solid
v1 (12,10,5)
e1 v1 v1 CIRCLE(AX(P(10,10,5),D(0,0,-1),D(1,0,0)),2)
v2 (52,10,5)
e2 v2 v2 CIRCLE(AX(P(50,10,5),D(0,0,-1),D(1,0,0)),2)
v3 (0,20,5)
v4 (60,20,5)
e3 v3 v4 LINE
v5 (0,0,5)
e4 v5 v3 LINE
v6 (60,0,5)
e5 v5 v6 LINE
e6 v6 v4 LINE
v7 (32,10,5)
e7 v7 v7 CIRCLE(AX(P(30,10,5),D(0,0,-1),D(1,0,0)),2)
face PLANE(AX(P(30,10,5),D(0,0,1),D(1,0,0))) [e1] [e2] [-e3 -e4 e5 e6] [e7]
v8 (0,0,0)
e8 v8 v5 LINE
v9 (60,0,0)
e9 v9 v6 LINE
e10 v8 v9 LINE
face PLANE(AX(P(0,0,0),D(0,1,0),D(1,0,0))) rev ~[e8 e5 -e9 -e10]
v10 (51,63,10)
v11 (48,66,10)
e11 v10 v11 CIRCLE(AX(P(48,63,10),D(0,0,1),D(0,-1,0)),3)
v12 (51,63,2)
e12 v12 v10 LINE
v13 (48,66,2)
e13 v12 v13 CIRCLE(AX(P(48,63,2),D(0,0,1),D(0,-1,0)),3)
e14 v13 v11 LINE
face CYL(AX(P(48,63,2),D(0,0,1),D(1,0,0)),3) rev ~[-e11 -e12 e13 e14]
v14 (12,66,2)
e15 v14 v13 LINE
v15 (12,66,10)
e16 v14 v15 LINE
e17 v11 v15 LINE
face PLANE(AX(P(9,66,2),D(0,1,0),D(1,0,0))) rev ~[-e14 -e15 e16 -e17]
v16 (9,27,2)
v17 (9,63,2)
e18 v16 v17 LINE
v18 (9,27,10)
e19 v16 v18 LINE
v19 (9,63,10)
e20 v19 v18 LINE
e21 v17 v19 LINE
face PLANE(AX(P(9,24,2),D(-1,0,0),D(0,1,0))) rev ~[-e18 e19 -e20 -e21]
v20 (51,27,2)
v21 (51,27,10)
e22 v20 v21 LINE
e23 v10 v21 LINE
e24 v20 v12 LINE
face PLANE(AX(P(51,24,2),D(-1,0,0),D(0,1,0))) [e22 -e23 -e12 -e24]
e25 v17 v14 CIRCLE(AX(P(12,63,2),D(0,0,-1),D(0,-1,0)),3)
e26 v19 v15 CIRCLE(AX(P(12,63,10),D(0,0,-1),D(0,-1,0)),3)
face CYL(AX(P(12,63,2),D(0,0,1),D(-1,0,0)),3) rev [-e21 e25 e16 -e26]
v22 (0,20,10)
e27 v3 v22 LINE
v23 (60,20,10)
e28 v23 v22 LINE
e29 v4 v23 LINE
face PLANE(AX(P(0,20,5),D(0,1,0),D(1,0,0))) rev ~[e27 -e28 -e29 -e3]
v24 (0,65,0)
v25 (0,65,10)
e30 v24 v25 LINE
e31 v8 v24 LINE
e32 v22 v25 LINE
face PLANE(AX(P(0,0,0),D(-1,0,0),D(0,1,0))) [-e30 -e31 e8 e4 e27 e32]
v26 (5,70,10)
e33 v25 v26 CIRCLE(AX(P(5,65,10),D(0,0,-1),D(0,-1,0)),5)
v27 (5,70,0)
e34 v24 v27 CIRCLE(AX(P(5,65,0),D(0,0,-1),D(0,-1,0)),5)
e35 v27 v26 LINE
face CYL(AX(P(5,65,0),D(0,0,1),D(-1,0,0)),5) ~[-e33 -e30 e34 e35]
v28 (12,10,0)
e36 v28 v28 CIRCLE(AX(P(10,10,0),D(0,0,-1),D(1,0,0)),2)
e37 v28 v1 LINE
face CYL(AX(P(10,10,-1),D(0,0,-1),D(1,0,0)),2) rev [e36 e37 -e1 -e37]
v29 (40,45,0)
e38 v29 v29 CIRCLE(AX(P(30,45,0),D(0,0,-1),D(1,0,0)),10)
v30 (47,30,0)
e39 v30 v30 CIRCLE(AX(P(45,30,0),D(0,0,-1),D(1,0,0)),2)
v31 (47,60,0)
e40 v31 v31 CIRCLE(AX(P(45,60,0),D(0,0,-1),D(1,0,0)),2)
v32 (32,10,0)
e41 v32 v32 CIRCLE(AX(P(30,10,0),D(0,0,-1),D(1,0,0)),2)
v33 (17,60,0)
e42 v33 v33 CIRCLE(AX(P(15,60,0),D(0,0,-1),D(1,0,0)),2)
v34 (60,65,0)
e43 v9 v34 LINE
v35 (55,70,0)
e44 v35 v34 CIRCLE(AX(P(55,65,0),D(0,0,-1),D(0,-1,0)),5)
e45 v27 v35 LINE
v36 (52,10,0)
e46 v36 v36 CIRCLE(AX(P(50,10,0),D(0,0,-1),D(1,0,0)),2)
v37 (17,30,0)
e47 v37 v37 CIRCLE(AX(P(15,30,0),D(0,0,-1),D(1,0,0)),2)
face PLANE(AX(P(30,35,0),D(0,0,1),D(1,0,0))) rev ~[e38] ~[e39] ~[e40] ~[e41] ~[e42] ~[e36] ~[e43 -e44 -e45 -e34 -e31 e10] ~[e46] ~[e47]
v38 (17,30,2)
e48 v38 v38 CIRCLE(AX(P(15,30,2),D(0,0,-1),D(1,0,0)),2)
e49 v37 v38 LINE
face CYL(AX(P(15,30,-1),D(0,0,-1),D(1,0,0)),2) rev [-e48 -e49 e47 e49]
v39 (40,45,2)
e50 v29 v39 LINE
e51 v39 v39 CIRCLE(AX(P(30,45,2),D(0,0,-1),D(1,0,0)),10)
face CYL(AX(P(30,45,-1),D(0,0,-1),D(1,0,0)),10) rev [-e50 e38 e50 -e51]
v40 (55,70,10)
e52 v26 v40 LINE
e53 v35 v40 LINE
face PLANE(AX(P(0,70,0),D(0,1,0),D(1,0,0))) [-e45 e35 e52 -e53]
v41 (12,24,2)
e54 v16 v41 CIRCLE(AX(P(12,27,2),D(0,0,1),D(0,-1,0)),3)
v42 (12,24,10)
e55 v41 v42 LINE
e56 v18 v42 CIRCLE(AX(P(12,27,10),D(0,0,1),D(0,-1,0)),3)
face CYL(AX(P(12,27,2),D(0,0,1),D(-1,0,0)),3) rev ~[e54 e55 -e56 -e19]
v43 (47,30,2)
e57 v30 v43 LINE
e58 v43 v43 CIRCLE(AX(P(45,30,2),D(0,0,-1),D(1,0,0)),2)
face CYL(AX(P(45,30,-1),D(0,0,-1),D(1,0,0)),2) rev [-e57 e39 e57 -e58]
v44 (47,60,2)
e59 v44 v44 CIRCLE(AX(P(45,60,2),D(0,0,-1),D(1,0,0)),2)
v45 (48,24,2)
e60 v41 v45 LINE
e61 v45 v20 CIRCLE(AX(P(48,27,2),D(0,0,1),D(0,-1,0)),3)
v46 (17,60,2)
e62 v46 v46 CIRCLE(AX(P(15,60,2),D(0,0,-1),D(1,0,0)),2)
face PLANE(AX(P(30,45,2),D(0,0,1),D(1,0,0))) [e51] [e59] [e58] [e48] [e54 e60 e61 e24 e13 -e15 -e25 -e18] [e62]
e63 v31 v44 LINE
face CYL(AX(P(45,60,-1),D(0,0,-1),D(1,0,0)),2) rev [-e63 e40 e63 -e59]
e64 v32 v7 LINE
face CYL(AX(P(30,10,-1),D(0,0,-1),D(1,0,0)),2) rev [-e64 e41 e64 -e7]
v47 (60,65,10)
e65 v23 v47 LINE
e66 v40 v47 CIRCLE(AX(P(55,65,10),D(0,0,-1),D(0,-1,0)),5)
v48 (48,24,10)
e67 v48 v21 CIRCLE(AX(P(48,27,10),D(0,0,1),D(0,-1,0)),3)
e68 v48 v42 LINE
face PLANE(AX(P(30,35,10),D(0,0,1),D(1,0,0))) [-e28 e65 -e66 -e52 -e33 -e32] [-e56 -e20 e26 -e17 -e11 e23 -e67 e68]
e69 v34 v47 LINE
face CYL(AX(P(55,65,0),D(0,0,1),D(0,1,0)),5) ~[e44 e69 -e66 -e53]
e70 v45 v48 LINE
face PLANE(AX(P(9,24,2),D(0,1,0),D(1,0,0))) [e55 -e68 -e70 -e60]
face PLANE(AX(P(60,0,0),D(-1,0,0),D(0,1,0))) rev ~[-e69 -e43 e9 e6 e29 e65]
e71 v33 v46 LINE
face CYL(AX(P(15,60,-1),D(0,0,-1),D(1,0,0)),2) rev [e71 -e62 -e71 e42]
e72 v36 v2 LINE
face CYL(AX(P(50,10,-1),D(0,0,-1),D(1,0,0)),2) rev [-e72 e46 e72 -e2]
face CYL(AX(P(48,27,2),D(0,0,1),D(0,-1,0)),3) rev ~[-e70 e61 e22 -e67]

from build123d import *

# Parameters (mm, degrees)
CYLINDER007_R     = 10
CYLINDER007_DEPTH = 10
CYLINDER006_R     = 2
CYLINDER006_DEPTH = 10
CYLINDER005_R     = 2
CYLINDER005_DEPTH = 10
CYLINDER004_R     = 2
CYLINDER004_DEPTH = 10
CYLINDER003_R     = 2
CYLINDER003_DEPTH = 10
BOX002_W          = 42
BOX002_H          = 42
BOX002_DEPTH      = 10
CYLINDER002_R     = 2
CYLINDER002_DEPTH = 10
CYLINDER001_R     = 2
CYLINDER001_DEPTH = 10
CYLINDER_R        = 2
CYLINDER_DEPTH    = 10
BOX001_W          = 60
BOX001_H          = 20
BOX001_DEPTH      = 10
BOX_W             = 60
BOX_H             = 70
BOX_DEPTH         = 10
FILLET_R          = 5
FILLET001_R       = 5
FILLET002_R       = 3


with BuildPart() as cylinder007:
    # Cylinder007 → Cylinder007 (new body)
    with BuildSketch(Plane(origin=(30, 45, -1), x_dir=(1, 0, 0), z_dir=(0, 0, 1))):
        Circle(CYLINDER007_R)
    extrude(amount=CYLINDER007_DEPTH)


with BuildPart() as cylinder006:
    # Cylinder006 → Cylinder006 (new body)
    with BuildSketch(Plane(origin=(45, 30, -1), x_dir=(1, 0, 0), z_dir=(0, 0, 1))):
        Circle(CYLINDER006_R)
    extrude(amount=CYLINDER006_DEPTH)


with BuildPart() as cylinder005:
    # Cylinder005 → Cylinder005 (new body)
    with BuildSketch(Plane(origin=(45, 60, -1), x_dir=(1, 0, 0), z_dir=(0, 0, 1))):
        Circle(CYLINDER005_R)
    extrude(amount=CYLINDER005_DEPTH)


with BuildPart() as cylinder004:
    # Cylinder004 → Cylinder004 (new body)
    with BuildSketch(Plane(origin=(15, 60, -1), x_dir=(1, 0, 0), z_dir=(0, 0, 1))):
        Circle(CYLINDER004_R)
    extrude(amount=CYLINDER004_DEPTH)


with BuildPart() as cylinder003:
    # Cylinder003 → Cylinder003 (new body)
    with BuildSketch(Plane(origin=(15, 30, -1), x_dir=(1, 0, 0), z_dir=(0, 0, 1))):
        Circle(CYLINDER003_R)
    extrude(amount=CYLINDER003_DEPTH)


with BuildPart() as cube002:
    # Box002 → Box002 (new body)
    with BuildSketch(Plane(origin=(9, 24, 2), x_dir=(1, 0, 0), z_dir=(0, 0, 1))):
        with Locations((21, 21)):
            Rectangle(BOX002_W, BOX002_H)
    extrude(amount=BOX002_DEPTH)


with BuildPart() as cylinder002:
    # Cylinder002 → Cylinder002 (new body)
    with BuildSketch(Plane(origin=(50, 10, -1), x_dir=(1, 0, 0), z_dir=(0, 0, 1))):
        Circle(CYLINDER002_R)
    extrude(amount=CYLINDER002_DEPTH)


with BuildPart() as cylinder001:
    # Cylinder001 → Cylinder001 (new body)
    with BuildSketch(Plane(origin=(30, 10, -1), x_dir=(1, 0, 0), z_dir=(0, 0, 1))):
        Circle(CYLINDER001_R)
    extrude(amount=CYLINDER001_DEPTH)


with BuildPart() as cylinder:
    # Cylinder → Cylinder (new body)
    with BuildSketch(Plane(origin=(10, 10, -1), x_dir=(1, 0, 0), z_dir=(0, 0, 1))):
        Circle(CYLINDER_R)
    extrude(amount=CYLINDER_DEPTH)


with BuildPart() as cube001:
    # Box001 → Box001 (new body)
    with BuildSketch(Plane.XY.offset(5)):
        with Locations((30, 10)):
            Rectangle(BOX001_W, BOX001_H)
    extrude(amount=BOX001_DEPTH)


with BuildPart() as sujeccionmotor:
    # Box → Box (new body)
    with BuildSketch(Plane.XY):
        with Locations((30, 35)):
            Rectangle(BOX_W, BOX_H)
    extrude(amount=BOX_DEPTH)

    # Cut: cut Cube001
    add(cube001.part, mode=Mode.SUBTRACT)

    # Cut001: cut Cylinder
    add(cylinder.part, mode=Mode.SUBTRACT)

    # Cut002: cut Cylinder001
    add(cylinder001.part, mode=Mode.SUBTRACT)

    # Cut003: cut Cylinder002
    add(cylinder002.part, mode=Mode.SUBTRACT)

    # Cut004: cut Cube002
    add(cube002.part, mode=Mode.SUBTRACT)

    # Cut005: cut Cylinder003
    add(cylinder003.part, mode=Mode.SUBTRACT)

    # Cut006: cut Cylinder004
    add(cylinder004.part, mode=Mode.SUBTRACT)

    # Cut007: cut Cylinder005
    add(cylinder005.part, mode=Mode.SUBTRACT)

    # Cut008: cut Cylinder006
    add(cylinder006.part, mode=Mode.SUBTRACT)

    # Fillet
    fillet_edges = [sujeccionmotor.edges().sort_by_distance(p)[0] for p in [
        (0, 70, 5),
    ]]
    fillet(fillet_edges, radius=FILLET_R)

    # Fillet001
    fillet001_edges = [sujeccionmotor.edges().sort_by_distance(p)[0] for p in [
        (60, 70, 5),
    ]]
    fillet(fillet001_edges, radius=FILLET001_R)

    # Fillet002
    fillet002_edges = [sujeccionmotor.edges().sort_by_distance(p)[0] for p in [
        (51, 24, 6),
        (9, 24, 6),
        (51, 66, 6),
        (9, 66, 6),
    ]]
    fillet(fillet002_edges, radius=FILLET002_R)

    # Cut009: cut Cylinder007
    add(cylinder007.part, mode=Mode.SUBTRACT)


solid = sujeccionmotor.part
